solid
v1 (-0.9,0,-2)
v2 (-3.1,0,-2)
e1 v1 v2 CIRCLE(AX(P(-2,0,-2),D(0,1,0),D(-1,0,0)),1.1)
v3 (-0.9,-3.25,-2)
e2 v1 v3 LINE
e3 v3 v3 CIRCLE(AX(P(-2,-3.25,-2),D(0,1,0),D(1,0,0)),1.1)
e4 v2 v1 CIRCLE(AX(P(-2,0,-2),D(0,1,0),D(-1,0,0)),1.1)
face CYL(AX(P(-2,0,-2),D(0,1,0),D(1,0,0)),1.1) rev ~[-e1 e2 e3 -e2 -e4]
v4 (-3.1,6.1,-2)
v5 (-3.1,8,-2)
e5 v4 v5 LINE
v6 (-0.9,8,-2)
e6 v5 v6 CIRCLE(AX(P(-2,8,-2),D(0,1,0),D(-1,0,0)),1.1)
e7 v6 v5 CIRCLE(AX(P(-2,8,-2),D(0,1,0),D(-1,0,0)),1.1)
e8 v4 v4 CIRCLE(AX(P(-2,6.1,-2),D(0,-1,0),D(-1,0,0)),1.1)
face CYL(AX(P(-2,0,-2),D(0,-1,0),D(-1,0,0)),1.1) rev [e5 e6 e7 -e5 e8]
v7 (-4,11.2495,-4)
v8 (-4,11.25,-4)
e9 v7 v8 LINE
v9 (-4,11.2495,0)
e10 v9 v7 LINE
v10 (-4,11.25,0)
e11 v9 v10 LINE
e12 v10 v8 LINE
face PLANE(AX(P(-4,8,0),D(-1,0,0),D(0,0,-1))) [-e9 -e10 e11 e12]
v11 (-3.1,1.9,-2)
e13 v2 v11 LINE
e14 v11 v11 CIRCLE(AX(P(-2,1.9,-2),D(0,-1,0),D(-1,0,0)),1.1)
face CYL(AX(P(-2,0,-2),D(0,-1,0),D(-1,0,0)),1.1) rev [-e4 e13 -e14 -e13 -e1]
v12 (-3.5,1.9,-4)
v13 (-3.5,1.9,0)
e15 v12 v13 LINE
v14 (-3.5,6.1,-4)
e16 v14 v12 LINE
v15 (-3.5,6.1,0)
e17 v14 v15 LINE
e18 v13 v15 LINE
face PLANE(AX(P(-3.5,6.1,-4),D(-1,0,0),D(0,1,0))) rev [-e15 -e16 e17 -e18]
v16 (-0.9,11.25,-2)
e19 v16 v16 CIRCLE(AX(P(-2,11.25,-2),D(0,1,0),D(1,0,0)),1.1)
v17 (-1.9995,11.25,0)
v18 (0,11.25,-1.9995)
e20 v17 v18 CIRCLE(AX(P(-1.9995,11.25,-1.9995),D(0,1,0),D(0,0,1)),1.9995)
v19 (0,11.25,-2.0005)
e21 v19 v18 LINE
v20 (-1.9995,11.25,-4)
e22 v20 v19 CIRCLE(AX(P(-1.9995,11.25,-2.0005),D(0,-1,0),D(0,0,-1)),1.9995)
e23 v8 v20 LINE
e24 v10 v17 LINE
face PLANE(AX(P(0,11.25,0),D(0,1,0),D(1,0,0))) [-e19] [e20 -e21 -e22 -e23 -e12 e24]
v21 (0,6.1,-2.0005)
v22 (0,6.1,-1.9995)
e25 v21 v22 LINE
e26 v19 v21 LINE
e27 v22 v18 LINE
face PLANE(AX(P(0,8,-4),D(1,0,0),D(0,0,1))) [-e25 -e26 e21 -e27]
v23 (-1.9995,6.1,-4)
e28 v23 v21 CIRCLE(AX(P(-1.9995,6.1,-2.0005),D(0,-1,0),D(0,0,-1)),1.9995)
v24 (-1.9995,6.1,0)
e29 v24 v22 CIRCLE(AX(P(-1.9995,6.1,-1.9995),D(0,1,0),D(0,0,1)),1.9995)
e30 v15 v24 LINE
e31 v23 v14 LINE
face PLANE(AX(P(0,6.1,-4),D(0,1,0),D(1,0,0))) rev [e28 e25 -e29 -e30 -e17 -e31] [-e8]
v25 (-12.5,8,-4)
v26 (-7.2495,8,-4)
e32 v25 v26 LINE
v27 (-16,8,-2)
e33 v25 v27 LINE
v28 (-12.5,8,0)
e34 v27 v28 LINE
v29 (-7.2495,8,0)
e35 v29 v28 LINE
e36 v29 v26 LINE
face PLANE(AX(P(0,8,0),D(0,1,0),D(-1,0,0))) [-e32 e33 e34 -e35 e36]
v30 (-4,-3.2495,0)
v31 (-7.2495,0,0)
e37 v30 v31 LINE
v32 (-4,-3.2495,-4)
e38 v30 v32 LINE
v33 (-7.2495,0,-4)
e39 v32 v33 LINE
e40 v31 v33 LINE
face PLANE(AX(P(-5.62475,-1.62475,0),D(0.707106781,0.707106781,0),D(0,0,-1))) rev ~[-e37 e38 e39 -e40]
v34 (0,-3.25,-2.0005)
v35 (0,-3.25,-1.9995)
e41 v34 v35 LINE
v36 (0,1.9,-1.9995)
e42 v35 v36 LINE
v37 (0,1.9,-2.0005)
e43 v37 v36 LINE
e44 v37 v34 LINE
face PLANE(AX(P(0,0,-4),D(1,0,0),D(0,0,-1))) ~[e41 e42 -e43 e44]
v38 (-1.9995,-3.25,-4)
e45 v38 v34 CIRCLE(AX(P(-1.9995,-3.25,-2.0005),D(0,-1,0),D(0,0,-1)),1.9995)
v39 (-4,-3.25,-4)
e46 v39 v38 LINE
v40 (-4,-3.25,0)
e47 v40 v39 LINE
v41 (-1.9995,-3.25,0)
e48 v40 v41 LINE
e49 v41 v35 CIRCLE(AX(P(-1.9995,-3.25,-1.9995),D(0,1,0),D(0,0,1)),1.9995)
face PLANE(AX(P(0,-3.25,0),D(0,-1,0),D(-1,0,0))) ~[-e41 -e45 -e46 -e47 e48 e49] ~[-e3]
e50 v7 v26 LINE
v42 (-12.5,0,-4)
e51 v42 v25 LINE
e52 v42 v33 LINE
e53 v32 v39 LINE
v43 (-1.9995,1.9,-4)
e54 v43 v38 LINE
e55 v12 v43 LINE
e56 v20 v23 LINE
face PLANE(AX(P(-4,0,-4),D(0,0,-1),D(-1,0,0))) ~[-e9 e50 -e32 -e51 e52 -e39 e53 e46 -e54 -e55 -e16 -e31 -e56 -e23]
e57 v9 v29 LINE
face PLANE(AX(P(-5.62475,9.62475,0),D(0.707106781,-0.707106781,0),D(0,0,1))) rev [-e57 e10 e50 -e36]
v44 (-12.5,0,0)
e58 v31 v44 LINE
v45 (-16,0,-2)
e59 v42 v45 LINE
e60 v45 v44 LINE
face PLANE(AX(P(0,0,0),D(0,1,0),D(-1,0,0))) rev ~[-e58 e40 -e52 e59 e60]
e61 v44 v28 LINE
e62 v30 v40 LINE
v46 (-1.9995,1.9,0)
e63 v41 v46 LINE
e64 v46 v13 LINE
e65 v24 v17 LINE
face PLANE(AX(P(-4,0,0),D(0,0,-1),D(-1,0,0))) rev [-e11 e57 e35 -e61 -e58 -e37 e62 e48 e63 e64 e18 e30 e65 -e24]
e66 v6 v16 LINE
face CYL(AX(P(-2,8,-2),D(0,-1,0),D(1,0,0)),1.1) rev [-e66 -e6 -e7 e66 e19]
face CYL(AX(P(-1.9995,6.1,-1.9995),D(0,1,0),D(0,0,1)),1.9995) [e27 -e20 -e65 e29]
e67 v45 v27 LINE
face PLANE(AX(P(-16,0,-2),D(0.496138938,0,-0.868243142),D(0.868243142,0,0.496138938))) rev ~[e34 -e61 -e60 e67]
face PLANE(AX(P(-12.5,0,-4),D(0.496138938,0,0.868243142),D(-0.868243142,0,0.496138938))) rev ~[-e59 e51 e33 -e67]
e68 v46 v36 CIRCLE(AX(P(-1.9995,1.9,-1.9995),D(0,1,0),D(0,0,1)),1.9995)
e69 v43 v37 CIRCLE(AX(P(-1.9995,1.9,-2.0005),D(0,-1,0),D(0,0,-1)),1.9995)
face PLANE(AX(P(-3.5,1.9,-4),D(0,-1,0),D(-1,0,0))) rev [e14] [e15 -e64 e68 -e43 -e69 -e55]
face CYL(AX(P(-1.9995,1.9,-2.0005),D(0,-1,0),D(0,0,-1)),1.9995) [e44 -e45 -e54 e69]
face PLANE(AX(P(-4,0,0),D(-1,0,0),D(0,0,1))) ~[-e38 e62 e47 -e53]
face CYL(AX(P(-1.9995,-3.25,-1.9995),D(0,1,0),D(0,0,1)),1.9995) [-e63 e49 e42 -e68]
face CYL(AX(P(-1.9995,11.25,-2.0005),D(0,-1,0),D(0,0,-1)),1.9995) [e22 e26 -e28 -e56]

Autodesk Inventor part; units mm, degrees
ref_plane "YZ Plane" through (0, 0, 0) normal (1, 0, 0) x (0, 1, 0)
sketch "Sketch1" plane through (0, 0, 0) normal (0, 1, 0) x (-1, 0, 0)
  line L0 (0, 0) -> (18, 0)
  line L1 (18, 0) -> (18, -4)
  line L2 (18, -4) -> (0, -4)
  line L3 (0, -4) -> (0, 0)
  line L4 (18, -2) -> (16, -2)
  line L5 (9, -4) -> (9, -3)
  circle A0 centre (16, -2) radius 1.1
  circle A1 centre (2, -2) radius 1.1
  dimension "d0" = 18
  dimension "d1" = 4
  dimension "d2" = 2
  dimension "d3" = 2.2
extrude "Extrusion1" add sketch "Sketch1" along normal blind 8 contours A0 | L0 L1 L2 L3 | A1
sketch "Sketch2" plane through (0, 0, -4) normal (0, 0, -1) x (-1, 0, 0)
  line L0 (18, 0) -> (18, 8) projected
  line L1 (18, 8) -> (18, 6.1)
  line L2 (18, 0) -> (0, 0) projected
  line L3 (18, 0) -> (18, 1.9)
  line L4 (18, 6.1) -> (14.5, 6.1)
  line L5 (14.5, 6.1) -> (14.5, 1.9)
  line L6 (14.5, 1.9) -> (18, 1.9)
  line L7 (18, 1.9) -> (18, 6.1)
  dimension "d6" = 1.9
  dimension "d7" = 1.9
  dimension "d8" = 3.5
extrude "Extrusion2" cut sketch "Sketch2" against normal blind 8
ref_plane "Work Plane1" through (-9, 0, 0) normal (1, 0, 0) x (0, 0, -1)
mirror "Mirror1" about plane through (-9, 0, 0) normal (1, 0, 0) of "Extrusion2"
extrude "Extrusion3" cut sketch "Sketch1" along normal blind 8 contours A0 | A1
sketch "Sketch4" plane through (0, 8, 0) normal (0, 1, 0) x (1, 0, 0)
  line L0 (-18, 0) -> (0, 0) projected
  line L1 (0, 0) -> (-4, 0)
  line L2 (-4, 0) -> (-4, 4)
  line L3 (-4, 4) -> (0, 4)
  line L4 (0, 4) -> (0, 0)
  circle A0 centre (-2, 2) radius 1.1 projected
  circle A1 centre (-2, 2) radius 1.1
  dimension "d14" = 4
  dimension "d15" = 4
  dimension "d16" = 2.2
extrude "Extrusion4" add sketch "Sketch4" along normal blind 3.25
ref_plane "Work Plane2" through (-3.5, 4, 0) normal (0, 1, 0) x (1, 0, 0)
mirror "Mirror2" about plane through (-3.5, 4, 0) normal (0, 1, 0) of "Extrusion4"
fillet "Fillet2" radius 2 8 edges at (0, 8.675, -4) (0, -0.675, -4) (0, -0.675, 0) (0, 8.675, 0) (-18, 7.05, -4) (-18, 0.95, -4) (-18, 7.05, 0) (-18, 0.95, 0)
chamfer "Chamfer1" distance 3.25 angle 45 2 edges at (-4, 8, -2) (-4, 0, -2)
sketch "Sketch5" plane through (-14.5, 1.9, 0) normal (0, 0, 1) x (1, 0, 0)
  line L0 (0, 0) -> (-1.5, 0) projected
  line L1 (0, 0) -> (-4.1729, 0)
  line L2 (-4.1729, 0) -> (-4.1729, 7.3414)
  line L3 (-4.1729, 7.3414) -> (0, 7.3414)
  line L4 (0, 7.3414) -> (0, 0)
  line L5 (0, 0) -> (-4.2733, 0)
  line L6 (-4.2733, 0) -> (-4.2733, -4.4882)
  line L7 (-4.2733, -4.4882) -> (0, -4.4882)
  line L8 (0, -4.4882) -> (0, 0)
  point P0 (14.5, -1.9)
extrude "Extrusion5" cut sketch "Sketch5" against normal blind 10
sketch "Sketch6" plane through (0, 0, 0) normal (0, -1, 0) x (1, 0, 0)
  line L0 (-14.5, 0) -> (-14.5, -4) projected
  line L1 (-14.5, -2) -> (-16, -2)
  line L2 (-14.5, 0) -> (-7.25, 0) projected
  line L3 (-7.25, -4) -> (-14.5, -4) projected
  line L4 (-14.5, 0) -> (-12.5, 0)
  line L5 (-12.5, 0) -> (-12.5, -4)
  line L6 (-12.5, -4) -> (-14.5, -4)
  line L7 (-14.5, -4) -> (-14.5, 0)
  point P0 (0, 0)
  dimension "d25" = 1.5
  dimension "d26" = 2
extrude "Extrusion6" cut sketch "Sketch6" against normal blind 10
sketch "Sketch7" plane through (0, 0, 0) normal (0, -1, 0) x (1, 0, 0)
  line L0 (-12.5, 0) -> (-12.5, -4) projected
  line L1 (-12.5, -2) -> (-16, -2)
  line L2 (-12.5, 0) -> (-7.25, 0) projected
  line L3 (-16, -2) -> (-12.5, 0)
  line L4 (-7.25, -4) -> (-12.5, -4) projected
  line L5 (-12.5, 0) -> (-12.5, -4)
  line L6 (-12.5, -4) -> (-16, -2)
  point P0 (0, 0)
  dimension "d29" = 3.5
extrude "Extrusion7" add sketch "Sketch7" against normal blind 8
properties part number "short_link_v3"
